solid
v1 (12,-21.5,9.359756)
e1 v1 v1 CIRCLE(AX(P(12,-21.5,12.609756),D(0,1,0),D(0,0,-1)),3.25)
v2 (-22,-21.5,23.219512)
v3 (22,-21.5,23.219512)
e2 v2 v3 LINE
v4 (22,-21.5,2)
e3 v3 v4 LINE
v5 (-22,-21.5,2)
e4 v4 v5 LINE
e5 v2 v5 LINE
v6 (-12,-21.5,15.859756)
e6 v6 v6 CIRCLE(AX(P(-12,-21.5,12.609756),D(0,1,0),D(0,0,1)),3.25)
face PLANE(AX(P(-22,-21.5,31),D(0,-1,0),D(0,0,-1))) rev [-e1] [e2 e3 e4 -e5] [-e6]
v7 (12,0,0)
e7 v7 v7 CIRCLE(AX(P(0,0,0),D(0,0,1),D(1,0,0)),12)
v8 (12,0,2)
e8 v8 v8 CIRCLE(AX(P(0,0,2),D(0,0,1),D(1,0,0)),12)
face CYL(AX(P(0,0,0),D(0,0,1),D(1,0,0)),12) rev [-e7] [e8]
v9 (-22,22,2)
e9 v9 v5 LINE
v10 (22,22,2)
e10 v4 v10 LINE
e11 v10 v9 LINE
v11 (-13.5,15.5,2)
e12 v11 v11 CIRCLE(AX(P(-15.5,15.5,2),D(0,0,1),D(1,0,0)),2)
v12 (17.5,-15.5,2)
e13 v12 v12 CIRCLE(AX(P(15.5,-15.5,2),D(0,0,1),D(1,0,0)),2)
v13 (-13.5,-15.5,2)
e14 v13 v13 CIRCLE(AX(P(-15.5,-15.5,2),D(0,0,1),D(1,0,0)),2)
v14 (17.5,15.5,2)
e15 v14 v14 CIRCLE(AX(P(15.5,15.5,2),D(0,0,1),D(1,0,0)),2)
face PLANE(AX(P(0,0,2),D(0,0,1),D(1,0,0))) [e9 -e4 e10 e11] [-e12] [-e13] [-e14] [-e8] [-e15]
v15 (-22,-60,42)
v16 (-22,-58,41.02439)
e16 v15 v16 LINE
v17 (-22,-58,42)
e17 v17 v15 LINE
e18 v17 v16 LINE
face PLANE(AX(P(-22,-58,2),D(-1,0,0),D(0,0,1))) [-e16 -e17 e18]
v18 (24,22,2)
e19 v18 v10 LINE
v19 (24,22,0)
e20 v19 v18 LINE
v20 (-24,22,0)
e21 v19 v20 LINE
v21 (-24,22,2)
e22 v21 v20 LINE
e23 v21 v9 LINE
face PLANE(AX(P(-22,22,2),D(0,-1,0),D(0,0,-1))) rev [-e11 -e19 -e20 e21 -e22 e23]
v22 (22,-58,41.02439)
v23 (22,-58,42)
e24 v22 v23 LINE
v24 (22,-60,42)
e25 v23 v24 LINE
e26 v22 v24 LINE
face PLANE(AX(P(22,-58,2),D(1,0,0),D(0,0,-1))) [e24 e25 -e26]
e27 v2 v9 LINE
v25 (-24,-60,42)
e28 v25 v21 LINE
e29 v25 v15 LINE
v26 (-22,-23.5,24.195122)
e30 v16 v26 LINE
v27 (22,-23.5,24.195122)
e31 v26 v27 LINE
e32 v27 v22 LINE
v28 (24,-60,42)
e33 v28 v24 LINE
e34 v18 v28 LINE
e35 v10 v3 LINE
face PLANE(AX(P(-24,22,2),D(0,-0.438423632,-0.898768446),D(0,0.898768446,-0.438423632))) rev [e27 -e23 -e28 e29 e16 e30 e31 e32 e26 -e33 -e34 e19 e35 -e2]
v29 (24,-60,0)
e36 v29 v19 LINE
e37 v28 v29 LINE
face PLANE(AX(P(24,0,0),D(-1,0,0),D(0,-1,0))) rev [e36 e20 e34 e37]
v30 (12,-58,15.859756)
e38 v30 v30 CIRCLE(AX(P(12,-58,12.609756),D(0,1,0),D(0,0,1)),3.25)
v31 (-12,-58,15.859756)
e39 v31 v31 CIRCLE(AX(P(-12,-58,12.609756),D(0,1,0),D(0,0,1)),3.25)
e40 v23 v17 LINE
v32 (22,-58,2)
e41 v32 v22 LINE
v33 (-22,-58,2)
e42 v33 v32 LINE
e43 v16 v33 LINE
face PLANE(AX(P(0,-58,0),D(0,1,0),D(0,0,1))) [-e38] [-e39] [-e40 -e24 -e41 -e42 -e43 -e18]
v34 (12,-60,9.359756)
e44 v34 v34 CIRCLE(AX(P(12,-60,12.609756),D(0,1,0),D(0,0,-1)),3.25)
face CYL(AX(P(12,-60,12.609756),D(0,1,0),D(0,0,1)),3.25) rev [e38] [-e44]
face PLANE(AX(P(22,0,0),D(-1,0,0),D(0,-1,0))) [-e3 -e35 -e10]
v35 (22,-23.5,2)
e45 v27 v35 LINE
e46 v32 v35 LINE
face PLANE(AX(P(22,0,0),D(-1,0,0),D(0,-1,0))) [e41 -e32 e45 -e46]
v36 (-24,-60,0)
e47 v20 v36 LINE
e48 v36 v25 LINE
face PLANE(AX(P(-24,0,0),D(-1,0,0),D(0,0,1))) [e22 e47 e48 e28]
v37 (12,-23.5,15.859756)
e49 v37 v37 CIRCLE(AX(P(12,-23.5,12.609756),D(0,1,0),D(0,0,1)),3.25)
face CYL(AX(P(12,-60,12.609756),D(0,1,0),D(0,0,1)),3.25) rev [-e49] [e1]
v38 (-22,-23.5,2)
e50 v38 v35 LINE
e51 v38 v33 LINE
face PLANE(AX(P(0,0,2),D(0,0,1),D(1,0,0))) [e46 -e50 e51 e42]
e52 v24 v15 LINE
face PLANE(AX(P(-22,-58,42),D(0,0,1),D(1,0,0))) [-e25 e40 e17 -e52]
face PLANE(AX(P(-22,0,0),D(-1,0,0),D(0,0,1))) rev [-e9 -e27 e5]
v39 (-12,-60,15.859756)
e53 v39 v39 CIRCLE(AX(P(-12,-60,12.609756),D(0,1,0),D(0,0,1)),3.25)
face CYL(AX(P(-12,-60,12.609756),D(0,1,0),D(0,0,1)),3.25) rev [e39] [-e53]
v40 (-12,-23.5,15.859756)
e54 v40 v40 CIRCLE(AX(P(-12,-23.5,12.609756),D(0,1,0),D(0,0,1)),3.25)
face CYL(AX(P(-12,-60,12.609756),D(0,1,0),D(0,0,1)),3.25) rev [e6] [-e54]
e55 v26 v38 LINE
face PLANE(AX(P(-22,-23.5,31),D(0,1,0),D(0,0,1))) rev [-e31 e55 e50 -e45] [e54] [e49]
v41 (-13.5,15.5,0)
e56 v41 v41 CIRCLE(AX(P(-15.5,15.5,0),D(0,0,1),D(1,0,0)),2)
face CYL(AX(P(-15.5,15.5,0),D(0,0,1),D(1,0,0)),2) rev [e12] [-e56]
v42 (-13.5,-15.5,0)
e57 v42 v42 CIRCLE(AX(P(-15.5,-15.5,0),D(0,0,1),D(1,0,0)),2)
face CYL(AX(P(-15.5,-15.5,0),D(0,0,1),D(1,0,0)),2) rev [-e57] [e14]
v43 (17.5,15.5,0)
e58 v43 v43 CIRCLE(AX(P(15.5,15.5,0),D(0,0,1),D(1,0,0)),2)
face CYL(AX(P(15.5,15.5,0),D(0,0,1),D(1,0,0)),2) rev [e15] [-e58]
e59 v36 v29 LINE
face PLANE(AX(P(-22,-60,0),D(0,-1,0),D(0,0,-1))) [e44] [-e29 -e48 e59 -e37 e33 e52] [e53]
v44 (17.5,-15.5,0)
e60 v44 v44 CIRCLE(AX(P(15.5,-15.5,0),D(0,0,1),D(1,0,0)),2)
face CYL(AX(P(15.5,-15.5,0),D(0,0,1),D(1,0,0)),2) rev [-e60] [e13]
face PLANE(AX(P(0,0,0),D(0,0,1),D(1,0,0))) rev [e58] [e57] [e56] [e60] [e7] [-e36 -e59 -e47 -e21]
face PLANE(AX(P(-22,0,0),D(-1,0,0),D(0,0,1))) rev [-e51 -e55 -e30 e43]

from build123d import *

# Parameters (mm, degrees)
CROQUIS1_W              = 44
CROQUIS1_H              = 44
SALIENTE_EXTRUIR1_DEPTH = 2
CROQUIS2_R              = 12
CROQUIS2_R_2            = 2
CORTAR_EXTRUIR1_DEPTH   = 2
CROQUIS3_W              = 44
CROQUIS3_H              = 38
SALIENTE_EXTRUIR2_DEPTH = 2
CROQUIS4_W              = 44
CROQUIS4_H              = 2
SALIENTE_EXTRUIR3_DEPTH = 29
SALIENTE_EXTRUIR4_DEPTH = 2
SALIENTE_EXTRUIR5_DEPTH = 2
CORTAR_EXTRUIR2_DEPTH   = 44
CROQUIS10_W             = 44
CROQUIS10_H             = 40
SALIENTE_EXTRUIR6_DEPTH = 2
CROQUIS11_R             = 3.25
CORTAR_EXTRUIR3_DEPTH   = 66.055745327


with BuildPart() as part:
    # Croquis1 → Saliente-Extruir1 (new body)
    with BuildSketch(Plane.XY):
        Rectangle(CROQUIS1_W, CROQUIS1_H)
    extrude(amount=SALIENTE_EXTRUIR1_DEPTH)

    # Croquis2 → Cortar-Extruir1 (cut)
    with BuildSketch(Plane.XY.offset(2)):
        Circle(CROQUIS2_R)
        with Locations((-15.5, 15.5)):
            Circle(CROQUIS2_R_2)
        with Locations((15.5, 15.5)):
            Circle(CROQUIS2_R_2)
        with Locations((15.5, -15.5)):
            Circle(CROQUIS2_R_2)
        with Locations((-15.5, -15.5)):
            Circle(CROQUIS2_R_2)
    extrude(amount=-CORTAR_EXTRUIR1_DEPTH, mode=Mode.SUBTRACT)

    # Croquis3 → Saliente-Extruir2 (add)
    with BuildSketch(Plane.XY.offset(2)):
        with Locations((0, -41)):
            Rectangle(CROQUIS3_W, CROQUIS3_H)
    extrude(amount=-SALIENTE_EXTRUIR2_DEPTH)

    # Croquis4 → Saliente-Extruir3 (add)
    with BuildSketch(Plane.XY.offset(2)):
        with Locations((0, -22.5)):
            Rectangle(CROQUIS4_W, CROQUIS4_H)
    extrude(amount=SALIENTE_EXTRUIR3_DEPTH)

    # Croquis5 → Saliente-Extruir4 (add)
    with BuildSketch(Plane.ZY.offset(22)):
        Polygon((2, 22), (42, -60), (2, -60), (0, -60), (0, 22), align=None)
    extrude(amount=SALIENTE_EXTRUIR4_DEPTH)

    # Croquis7 → Saliente-Extruir5 (add)
    with BuildSketch(Plane(origin=(22, 0, 0), x_dir=(0, 0, -1), z_dir=(1, 0, 0))):
        Polygon((0, -60), (-42, -60), (-2, 22), (0, 22), align=None)
    extrude(amount=SALIENTE_EXTRUIR5_DEPTH)

    # Croquis8 → Cortar-Extruir2 (cut)
    with BuildSketch(Plane(origin=(22, 0, 0), x_dir=(0, 0, -1), z_dir=(1, 0, 0))):
        Polygon((-24.195121951, -23.5), (-23.219512195, -21.5), (-31, -21.5), (-31, -23.5), align=None)
    extrude(amount=-CORTAR_EXTRUIR2_DEPTH, mode=Mode.SUBTRACT)

    # Croquis10 → Saliente-Extruir6 (add)
    with BuildSketch(Plane.XZ.offset(60)):
        with Locations((0, 22)):
            Rectangle(CROQUIS10_W, CROQUIS10_H)
    extrude(amount=-SALIENTE_EXTRUIR6_DEPTH)

    # Croquis11 → Cortar-Extruir3 (cut, through all)
    with BuildSketch(Plane(origin=(0, -21.5, 0), x_dir=(1, 0, 0), z_dir=(0, 1, 0))):
        with Locations(Location((-12, -12.609756098, 0), (0, 0, 270))):
            Circle(CROQUIS11_R)
        with Locations(Location((12, -12.609756098, 0), (0, 0, 270))):
            Circle(CROQUIS11_R)
    extrude(amount=-CORTAR_EXTRUIR3_DEPTH, mode=Mode.SUBTRACT)


solid = part.part
